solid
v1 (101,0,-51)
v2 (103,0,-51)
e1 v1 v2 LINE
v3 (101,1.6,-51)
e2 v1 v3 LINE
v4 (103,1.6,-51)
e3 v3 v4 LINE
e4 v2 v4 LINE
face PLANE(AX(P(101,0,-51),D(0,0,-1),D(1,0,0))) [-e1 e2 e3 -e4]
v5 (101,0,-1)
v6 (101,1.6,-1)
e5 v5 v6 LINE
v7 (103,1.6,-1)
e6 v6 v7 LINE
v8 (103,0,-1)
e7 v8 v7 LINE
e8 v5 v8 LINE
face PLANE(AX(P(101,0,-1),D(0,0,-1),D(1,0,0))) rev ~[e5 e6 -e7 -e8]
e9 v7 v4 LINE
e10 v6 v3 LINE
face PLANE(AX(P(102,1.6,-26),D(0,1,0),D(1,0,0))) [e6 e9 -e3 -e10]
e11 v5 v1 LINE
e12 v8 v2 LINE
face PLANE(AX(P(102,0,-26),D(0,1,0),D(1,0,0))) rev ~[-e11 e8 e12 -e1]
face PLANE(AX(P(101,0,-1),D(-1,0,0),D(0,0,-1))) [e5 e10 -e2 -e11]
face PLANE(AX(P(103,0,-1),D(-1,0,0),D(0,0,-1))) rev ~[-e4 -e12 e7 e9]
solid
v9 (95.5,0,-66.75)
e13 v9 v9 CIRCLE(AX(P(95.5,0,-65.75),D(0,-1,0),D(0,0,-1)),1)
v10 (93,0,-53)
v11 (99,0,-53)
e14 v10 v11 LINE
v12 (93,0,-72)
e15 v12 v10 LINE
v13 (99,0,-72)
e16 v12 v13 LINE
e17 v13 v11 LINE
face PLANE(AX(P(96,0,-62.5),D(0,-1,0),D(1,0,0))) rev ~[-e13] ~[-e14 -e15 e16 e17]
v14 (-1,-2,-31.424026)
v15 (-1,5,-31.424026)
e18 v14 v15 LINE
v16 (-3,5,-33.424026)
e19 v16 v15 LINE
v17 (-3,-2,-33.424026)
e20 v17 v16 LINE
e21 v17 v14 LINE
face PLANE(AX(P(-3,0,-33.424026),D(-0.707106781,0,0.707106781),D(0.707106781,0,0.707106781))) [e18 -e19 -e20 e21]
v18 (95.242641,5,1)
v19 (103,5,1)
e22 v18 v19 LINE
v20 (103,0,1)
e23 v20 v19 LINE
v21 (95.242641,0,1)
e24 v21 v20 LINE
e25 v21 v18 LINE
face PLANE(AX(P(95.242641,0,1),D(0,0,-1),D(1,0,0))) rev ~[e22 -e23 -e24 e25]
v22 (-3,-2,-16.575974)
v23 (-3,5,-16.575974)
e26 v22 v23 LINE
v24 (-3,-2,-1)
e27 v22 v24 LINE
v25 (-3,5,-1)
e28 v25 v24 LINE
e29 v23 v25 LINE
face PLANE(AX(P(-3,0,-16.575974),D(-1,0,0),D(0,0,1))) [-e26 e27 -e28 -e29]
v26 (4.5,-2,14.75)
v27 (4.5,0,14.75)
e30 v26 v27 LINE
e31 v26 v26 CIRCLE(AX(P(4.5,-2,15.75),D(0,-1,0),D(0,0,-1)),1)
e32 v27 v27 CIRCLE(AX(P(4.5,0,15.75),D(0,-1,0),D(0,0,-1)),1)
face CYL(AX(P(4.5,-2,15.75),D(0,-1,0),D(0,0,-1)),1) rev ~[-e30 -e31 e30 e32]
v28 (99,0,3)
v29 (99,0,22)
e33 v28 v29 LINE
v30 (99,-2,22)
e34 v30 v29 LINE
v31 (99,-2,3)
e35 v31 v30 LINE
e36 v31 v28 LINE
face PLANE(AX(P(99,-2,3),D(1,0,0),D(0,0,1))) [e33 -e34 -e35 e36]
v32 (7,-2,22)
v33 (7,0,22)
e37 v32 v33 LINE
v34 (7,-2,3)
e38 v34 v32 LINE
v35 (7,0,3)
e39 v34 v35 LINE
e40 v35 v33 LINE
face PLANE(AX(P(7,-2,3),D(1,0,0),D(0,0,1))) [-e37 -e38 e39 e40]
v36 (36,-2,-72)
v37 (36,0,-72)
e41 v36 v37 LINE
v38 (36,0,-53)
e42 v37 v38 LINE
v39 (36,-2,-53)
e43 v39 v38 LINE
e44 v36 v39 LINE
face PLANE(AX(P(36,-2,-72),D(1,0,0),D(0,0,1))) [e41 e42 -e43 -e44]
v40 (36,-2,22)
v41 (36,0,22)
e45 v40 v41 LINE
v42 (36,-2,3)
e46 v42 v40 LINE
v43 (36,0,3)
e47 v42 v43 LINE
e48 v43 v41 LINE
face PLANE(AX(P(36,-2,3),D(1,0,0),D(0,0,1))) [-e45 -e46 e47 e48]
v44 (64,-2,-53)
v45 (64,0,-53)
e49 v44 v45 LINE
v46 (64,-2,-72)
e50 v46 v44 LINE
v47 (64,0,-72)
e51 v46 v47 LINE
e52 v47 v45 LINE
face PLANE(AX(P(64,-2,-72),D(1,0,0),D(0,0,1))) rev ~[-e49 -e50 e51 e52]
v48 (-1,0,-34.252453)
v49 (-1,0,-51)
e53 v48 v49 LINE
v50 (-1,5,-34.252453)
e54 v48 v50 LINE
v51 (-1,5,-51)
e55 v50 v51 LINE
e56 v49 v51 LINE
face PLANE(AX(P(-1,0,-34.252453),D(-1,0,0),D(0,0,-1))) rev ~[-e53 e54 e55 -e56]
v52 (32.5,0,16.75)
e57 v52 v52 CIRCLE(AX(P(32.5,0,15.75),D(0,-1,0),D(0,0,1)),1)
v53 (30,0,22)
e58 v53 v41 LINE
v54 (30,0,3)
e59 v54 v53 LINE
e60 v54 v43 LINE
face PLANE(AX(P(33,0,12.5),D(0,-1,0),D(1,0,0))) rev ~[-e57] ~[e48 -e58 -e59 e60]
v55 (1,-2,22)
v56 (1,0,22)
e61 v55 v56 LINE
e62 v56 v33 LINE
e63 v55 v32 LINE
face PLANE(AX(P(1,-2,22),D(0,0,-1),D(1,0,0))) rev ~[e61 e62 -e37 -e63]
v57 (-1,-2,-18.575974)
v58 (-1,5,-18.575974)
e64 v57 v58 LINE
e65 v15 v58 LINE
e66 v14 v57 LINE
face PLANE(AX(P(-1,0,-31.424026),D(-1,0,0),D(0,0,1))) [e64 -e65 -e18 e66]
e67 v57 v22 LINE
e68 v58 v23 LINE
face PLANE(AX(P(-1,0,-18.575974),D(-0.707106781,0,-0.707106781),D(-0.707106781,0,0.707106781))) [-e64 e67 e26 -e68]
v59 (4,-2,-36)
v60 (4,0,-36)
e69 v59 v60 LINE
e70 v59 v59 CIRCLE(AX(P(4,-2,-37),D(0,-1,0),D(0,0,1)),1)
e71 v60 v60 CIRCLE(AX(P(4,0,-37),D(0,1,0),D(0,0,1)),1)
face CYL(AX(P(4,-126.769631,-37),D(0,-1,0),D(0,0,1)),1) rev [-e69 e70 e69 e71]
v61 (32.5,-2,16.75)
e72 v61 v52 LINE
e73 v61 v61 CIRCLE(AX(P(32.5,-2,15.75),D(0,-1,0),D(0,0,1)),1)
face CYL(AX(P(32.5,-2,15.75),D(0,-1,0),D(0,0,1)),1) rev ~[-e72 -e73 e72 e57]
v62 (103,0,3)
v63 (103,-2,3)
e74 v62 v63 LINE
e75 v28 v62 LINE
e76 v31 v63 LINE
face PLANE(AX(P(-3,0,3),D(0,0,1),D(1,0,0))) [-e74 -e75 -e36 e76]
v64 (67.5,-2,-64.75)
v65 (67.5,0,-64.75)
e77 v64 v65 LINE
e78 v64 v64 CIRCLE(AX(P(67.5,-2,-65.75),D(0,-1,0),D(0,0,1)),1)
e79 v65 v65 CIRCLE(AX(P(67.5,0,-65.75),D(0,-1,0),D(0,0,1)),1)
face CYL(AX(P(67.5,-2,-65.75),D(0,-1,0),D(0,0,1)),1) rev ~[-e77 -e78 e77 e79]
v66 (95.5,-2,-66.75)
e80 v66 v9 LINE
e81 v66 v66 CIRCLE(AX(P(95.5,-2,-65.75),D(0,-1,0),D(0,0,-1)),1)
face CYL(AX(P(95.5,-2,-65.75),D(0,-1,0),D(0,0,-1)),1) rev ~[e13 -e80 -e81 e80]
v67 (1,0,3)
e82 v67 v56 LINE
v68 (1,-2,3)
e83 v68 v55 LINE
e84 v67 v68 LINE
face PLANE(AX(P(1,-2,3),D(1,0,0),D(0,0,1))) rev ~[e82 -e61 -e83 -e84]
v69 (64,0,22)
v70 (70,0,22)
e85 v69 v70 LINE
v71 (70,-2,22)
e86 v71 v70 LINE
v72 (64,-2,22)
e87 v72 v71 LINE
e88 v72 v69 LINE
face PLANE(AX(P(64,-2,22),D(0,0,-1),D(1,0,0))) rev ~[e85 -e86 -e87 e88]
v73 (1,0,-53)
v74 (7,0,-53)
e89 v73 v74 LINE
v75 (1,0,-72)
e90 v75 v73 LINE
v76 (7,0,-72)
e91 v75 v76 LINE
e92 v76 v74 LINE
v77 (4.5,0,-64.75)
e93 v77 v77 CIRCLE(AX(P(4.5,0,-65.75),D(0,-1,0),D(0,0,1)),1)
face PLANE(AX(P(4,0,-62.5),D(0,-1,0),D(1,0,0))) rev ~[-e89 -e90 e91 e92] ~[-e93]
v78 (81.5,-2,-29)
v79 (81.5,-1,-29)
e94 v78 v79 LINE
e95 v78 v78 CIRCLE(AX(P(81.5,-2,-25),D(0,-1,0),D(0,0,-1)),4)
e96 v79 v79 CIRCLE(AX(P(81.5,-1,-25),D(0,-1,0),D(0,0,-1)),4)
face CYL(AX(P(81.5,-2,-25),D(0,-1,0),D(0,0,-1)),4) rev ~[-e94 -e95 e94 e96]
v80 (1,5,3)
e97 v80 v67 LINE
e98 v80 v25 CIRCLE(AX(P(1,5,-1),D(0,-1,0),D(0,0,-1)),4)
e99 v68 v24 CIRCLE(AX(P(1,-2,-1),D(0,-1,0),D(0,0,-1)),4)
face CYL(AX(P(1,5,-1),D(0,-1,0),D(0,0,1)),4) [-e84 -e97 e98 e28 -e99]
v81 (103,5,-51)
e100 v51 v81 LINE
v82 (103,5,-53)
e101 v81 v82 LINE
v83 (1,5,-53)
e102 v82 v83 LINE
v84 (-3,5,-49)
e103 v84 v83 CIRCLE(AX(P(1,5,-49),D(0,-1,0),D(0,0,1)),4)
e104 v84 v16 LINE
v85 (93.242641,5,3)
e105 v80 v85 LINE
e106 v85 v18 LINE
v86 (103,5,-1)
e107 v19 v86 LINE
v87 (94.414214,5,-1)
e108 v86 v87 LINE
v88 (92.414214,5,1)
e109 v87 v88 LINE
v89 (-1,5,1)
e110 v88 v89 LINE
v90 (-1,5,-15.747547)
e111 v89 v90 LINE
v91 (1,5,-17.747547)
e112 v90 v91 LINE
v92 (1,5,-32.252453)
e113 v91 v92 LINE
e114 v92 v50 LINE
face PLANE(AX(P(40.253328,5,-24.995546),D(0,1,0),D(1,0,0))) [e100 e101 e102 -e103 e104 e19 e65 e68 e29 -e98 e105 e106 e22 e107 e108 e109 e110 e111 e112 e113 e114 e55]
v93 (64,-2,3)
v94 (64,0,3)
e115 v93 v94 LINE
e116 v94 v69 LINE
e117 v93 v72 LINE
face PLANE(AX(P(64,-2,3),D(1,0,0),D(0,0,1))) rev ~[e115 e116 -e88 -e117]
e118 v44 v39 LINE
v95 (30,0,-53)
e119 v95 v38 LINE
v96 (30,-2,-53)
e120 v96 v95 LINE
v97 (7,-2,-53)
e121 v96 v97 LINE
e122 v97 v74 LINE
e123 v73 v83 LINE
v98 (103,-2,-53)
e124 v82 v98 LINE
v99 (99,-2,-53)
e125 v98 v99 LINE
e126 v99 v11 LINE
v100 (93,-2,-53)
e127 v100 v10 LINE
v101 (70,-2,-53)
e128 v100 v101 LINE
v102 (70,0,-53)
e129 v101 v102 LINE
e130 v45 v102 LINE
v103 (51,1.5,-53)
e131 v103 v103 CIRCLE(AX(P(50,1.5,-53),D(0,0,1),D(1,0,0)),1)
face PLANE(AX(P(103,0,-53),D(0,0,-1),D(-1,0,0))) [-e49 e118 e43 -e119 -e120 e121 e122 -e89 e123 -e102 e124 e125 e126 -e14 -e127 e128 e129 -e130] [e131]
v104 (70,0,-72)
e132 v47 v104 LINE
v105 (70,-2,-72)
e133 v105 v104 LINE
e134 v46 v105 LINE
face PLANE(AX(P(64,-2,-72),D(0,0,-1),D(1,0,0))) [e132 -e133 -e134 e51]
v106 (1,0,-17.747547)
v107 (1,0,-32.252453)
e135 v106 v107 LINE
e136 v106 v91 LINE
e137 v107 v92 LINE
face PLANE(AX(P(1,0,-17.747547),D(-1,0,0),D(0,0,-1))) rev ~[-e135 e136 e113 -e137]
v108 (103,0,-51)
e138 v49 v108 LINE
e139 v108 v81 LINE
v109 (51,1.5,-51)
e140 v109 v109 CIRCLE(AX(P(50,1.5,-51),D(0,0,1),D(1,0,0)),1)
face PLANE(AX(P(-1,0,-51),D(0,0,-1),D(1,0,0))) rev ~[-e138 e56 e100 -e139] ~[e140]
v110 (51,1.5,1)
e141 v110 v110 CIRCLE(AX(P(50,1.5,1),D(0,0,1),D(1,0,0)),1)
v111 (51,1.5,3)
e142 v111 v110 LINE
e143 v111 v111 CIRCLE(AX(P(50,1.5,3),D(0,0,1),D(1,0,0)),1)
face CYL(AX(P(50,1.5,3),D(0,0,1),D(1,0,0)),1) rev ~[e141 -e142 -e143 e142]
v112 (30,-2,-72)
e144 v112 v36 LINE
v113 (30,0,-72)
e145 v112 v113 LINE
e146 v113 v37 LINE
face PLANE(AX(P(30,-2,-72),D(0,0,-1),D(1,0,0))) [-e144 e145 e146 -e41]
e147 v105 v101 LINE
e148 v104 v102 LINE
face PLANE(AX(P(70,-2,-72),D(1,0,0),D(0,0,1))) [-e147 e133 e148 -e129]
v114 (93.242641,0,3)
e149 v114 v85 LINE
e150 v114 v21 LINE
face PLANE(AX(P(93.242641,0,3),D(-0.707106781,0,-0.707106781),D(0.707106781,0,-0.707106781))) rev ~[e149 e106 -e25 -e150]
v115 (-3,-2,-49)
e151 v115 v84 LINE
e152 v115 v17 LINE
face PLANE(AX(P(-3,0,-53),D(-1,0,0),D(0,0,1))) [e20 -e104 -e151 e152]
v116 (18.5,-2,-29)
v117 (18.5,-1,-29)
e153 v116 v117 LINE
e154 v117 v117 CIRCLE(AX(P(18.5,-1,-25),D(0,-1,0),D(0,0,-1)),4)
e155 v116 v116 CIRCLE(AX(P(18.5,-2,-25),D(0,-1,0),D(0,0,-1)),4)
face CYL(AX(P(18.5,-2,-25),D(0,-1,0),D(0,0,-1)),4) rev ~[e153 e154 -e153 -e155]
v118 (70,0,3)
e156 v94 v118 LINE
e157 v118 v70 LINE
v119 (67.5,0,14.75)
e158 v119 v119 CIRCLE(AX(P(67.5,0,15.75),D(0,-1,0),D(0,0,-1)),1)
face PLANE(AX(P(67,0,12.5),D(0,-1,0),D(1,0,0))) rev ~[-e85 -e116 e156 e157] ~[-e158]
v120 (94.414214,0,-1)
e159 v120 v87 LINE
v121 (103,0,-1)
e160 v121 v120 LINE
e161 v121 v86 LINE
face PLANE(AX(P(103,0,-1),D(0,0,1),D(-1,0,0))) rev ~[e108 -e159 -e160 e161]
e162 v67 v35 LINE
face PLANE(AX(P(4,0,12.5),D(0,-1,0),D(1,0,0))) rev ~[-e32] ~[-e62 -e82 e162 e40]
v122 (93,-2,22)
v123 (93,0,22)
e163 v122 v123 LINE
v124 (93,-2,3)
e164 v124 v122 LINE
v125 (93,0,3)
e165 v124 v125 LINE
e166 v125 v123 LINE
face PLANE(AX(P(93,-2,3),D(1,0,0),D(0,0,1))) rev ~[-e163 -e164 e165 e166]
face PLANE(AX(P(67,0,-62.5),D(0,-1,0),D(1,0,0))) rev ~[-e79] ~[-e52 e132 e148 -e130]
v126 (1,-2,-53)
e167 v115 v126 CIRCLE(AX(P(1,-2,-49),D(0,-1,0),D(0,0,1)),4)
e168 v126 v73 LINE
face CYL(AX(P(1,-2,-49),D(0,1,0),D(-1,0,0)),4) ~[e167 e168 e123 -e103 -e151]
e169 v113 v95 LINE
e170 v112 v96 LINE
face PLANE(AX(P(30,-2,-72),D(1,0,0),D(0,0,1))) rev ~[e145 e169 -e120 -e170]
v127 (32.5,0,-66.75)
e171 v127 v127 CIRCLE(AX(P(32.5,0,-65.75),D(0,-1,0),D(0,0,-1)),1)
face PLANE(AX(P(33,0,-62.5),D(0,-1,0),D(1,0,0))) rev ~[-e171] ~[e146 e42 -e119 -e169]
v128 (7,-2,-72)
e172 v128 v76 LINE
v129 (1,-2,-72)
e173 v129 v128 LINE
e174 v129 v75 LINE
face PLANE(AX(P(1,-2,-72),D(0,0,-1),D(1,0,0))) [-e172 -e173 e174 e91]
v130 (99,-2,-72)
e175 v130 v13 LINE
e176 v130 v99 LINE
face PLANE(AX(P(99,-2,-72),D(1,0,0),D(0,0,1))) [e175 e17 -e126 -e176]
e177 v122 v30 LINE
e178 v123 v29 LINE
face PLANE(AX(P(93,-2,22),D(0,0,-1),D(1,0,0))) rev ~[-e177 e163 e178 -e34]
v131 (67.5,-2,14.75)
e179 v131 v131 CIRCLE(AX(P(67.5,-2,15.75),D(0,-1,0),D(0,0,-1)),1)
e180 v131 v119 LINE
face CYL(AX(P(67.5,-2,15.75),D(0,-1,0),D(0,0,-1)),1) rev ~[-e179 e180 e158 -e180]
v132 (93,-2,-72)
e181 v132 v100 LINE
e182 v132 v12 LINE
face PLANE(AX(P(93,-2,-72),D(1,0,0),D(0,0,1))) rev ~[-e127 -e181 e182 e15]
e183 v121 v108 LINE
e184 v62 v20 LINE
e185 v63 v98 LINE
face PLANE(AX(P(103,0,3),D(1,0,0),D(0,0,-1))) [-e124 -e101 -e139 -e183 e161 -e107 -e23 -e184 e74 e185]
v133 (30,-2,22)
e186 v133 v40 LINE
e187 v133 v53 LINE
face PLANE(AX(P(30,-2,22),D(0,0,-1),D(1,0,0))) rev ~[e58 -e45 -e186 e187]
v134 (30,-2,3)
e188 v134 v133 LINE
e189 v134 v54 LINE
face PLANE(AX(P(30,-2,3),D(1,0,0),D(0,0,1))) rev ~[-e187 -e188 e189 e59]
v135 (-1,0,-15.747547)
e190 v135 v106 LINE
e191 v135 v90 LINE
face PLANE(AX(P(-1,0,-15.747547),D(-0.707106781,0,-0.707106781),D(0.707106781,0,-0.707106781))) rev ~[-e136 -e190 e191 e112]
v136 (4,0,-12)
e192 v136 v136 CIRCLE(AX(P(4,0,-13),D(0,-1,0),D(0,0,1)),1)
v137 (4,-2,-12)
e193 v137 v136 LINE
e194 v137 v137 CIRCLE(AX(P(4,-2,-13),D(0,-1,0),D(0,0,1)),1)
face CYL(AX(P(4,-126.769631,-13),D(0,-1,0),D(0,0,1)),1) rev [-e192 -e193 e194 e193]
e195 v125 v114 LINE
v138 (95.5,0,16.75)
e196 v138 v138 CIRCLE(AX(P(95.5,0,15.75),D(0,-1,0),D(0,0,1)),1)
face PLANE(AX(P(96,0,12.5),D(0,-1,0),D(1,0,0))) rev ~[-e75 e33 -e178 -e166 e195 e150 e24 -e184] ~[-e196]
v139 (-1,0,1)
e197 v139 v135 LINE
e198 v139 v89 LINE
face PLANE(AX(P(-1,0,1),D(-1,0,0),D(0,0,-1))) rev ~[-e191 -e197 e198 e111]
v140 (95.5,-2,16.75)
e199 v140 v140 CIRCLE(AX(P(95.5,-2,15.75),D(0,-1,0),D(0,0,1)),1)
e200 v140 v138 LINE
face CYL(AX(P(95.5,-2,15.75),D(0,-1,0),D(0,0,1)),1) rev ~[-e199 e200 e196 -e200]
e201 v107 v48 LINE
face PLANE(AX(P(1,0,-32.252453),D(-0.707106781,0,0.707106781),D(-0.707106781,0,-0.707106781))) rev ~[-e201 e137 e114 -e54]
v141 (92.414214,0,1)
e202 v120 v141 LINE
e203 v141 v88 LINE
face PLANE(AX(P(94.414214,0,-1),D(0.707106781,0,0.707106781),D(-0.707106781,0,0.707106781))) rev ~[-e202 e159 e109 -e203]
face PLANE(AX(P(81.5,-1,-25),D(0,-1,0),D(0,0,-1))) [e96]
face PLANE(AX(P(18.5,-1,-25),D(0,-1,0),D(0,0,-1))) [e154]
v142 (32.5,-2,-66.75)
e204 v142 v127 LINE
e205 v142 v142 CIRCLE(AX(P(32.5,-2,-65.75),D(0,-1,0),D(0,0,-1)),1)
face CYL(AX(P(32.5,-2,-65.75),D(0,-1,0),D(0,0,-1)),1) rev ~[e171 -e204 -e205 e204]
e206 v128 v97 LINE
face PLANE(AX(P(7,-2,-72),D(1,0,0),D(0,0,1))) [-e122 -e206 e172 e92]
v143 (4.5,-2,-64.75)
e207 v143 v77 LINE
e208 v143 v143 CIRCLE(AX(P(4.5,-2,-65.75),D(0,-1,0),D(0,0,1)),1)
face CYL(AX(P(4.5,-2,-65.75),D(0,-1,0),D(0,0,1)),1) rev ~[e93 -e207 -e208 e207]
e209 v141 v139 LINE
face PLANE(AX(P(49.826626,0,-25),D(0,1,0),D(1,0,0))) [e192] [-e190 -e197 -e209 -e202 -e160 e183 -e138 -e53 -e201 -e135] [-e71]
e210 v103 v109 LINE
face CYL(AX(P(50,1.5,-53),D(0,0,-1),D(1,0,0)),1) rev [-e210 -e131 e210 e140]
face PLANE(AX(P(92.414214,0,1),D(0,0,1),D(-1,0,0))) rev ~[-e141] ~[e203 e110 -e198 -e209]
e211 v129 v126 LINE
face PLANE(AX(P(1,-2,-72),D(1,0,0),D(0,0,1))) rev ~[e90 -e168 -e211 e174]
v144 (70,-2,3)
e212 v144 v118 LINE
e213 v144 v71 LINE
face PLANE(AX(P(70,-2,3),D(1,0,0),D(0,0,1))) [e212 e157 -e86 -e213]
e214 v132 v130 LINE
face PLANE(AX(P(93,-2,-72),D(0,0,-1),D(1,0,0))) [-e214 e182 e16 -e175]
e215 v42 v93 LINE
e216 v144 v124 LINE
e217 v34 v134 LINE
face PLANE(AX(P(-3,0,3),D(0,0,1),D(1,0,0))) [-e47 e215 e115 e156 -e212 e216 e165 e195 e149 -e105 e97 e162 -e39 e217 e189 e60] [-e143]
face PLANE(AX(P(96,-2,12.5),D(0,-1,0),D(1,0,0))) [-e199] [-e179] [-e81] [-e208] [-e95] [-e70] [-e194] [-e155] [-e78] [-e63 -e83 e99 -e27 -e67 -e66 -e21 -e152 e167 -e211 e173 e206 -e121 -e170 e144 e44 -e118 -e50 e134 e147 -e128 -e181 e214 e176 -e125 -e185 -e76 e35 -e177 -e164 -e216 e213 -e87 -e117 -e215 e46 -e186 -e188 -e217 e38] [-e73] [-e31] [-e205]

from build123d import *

# Parameters (mm, degrees)
SALIENTE_EXTRUIR1_DEPTH    = 5
CROQUIS1_3_W               = 2
CROQUIS1_3_H               = 50
SALIENTE_EXTRUIR2_DEPTH    = 1.6
CROQUIS1_4_R               = 1
SALIENTE_EXTRUIR3_DEPTH    = 3
SALIENTE_EXTRUIR3_2_DEPTH  = 3
SALIENTE_EXTRUIR5_DEPTH    = 2
CROQUIS2_W                 = 6
CROQUIS2_H                 = 19
CROQUIS2_R                 = 1
SALIENTE_EXTRUIR6_DEPTH    = 2
CROQUIS3_R                 = 1
CORTAR_EXTRUIR2_DEPTH      = 2
CORTAR_EXTRUIR3_START      = -56
CROQUIS3_2_R               = 1
CORTAR_EXTRUIR3_DEPTH      = 2
REDONDEO1_R                = 4
CROQUIS4_R                 = 4
CORTAR_EXTRUIR4_DEPTH      = 1
CORTAR_EXTRUIR5_DEPTH      = 126.769630674
CORTAR_EXTRUIR5_DEPTH_BACK = 126.769630674
CROQUIS1_7_R               = 1


with BuildPart() as part:
    # Croquis1 → Saliente-Extruir1 (new body)
    with BuildSketch(Plane(origin=(0, 0, 0), x_dir=(1, 0, 0), z_dir=(0, 1, 0))):
        Polygon((103, 51), (103, 53), (-3, 53), (-3, 33.42402598), (-1, 31.42402598), (-1, 18.57597402), (-3, 16.57597402), (-3, -3), (93.242640687, -3), (95.242640687, -1), (103, -1), (103, 1), (101, 1), (94.414213562, 1), (92.414213562, -1), (-1, -1), (-1, 15.747546896), (1, 17.747546896), (1, 32.252453104), (-1, 34.252453104), (-1, 51), (101, 51), align=None)
    extrude(amount=SALIENTE_EXTRUIR1_DEPTH)



with BuildPart() as body_2:
    # Croquis1<3> → Saliente-Extruir2 (new body)
    with BuildSketch(Plane(origin=(0, 0, 0), x_dir=(1, 0, 0), z_dir=(0, 1, 0))):
        with Locations((102, 26)):
            Rectangle(CROQUIS1_3_W, CROQUIS1_3_H)
    extrude(amount=SALIENTE_EXTRUIR2_DEPTH)


with BuildPart() as body_3:
    # Croquis1<4> → Saliente-Extruir3 (new body)
    with BuildSketch(Plane(origin=(0, 0, 0), x_dir=(1, 0, 0), z_dir=(0, 1, 0))):
        with Locations(Location((4, 13, 0), (0, 0, 270))):
            Circle(CROQUIS1_4_R)
    extrude(amount=SALIENTE_EXTRUIR3_DEPTH)


with BuildPart() as body_4:
    # Croquis1<4> → Saliente-Extruir3 2 (new body)
    with BuildSketch(Plane(origin=(0, 0, 0), x_dir=(1, 0, 0), z_dir=(0, 1, 0))):
        with Locations(Location((4, 37, 0), (0, 0, 270))):
            Circle(CROQUIS1_4_R)
    extrude(amount=SALIENTE_EXTRUIR3_2_DEPTH)


with BuildPart() as part_1:
    add(part.part)

    add(body_4.part)  # Saliente-Extruir5 merges body 4
    # Croquis1<6> → Saliente-Extruir5 (add)
    with BuildSketch(Plane(origin=(0, 0, 0), x_dir=(1, 0, 0), z_dir=(0, 1, 0))):
        Polygon((103, 53), (-3, 53), (-3, 33.42402598), (-1, 31.42402598), (-1, 18.57597402), (-3, 16.57597402), (-3, -3), (103, -3), align=None)
    extrude(amount=-SALIENTE_EXTRUIR5_DEPTH)

    # Croquis2 → Saliente-Extruir6 (add)
    # profile 1 of 8: a face of its own
    with BuildSketch(Plane.XZ.offset(2)):
        with Locations((96, -62.5)):
            Rectangle(CROQUIS2_W, CROQUIS2_H)
        with Locations(Location((95.5, -65.75, 0), (0, 0, 270))):
            Circle(CROQUIS2_R, mode=Mode.SUBTRACT)
    # profile 2 of 8: a face of its own
    with BuildSketch(Plane.XZ.offset(2)):
        with Locations((67, -62.5)):
            Rectangle(CROQUIS2_W, CROQUIS2_H)
        with Locations(Location((67.5, -65.75, 0), (0, 0, 90))):
            Circle(CROQUIS2_R, mode=Mode.SUBTRACT)
    # profile 3 of 8: a face of its own
    with BuildSketch(Plane.XZ.offset(2)):
        with Locations((33, -62.5)):
            Rectangle(CROQUIS2_W, CROQUIS2_H)
        with Locations(Location((32.5, -65.75, 0), (0, 0, 270))):
            Circle(CROQUIS2_R, mode=Mode.SUBTRACT)
    # profile 4 of 8: a face of its own
    with BuildSketch(Plane.XZ.offset(2)):
        with Locations((4, -62.5)):
            Rectangle(CROQUIS2_W, CROQUIS2_H)
        with Locations(Location((4.5, -65.75, 0), (0, 0, 90))):
            Circle(CROQUIS2_R, mode=Mode.SUBTRACT)
    # profile 5 of 8: a face of its own
    with BuildSketch(Plane.XZ.offset(2)):
        with Locations((4, 12.5)):
            Rectangle(CROQUIS2_W, CROQUIS2_H)
        with Locations(Location((4.5, 15.75, 0), (0, 0, 270))):
            Circle(CROQUIS2_R, mode=Mode.SUBTRACT)
    # profile 6 of 8: a face of its own
    with BuildSketch(Plane.XZ.offset(2)):
        with Locations((33, 12.5)):
            Rectangle(CROQUIS2_W, CROQUIS2_H)
        with Locations(Location((32.5, 15.75, 0), (0, 0, 90))):
            Circle(CROQUIS2_R, mode=Mode.SUBTRACT)
    # profile 7 of 8: a face of its own
    with BuildSketch(Plane.XZ.offset(2)):
        with Locations((67, 12.5)):
            Rectangle(CROQUIS2_W, CROQUIS2_H)
        with Locations(Location((67.5, 15.75, 0), (0, 0, 270))):
            Circle(CROQUIS2_R, mode=Mode.SUBTRACT)
    # profile 8 of 8: a face of its own
    with BuildSketch(Plane.XZ.offset(2)):
        with Locations((96, 12.5)):
            Rectangle(CROQUIS2_W, CROQUIS2_H)
        with Locations(Location((95.5, 15.75, 0), (0, 0, 90))):
            Circle(CROQUIS2_R, mode=Mode.SUBTRACT)
    extrude(amount=-SALIENTE_EXTRUIR6_DEPTH)

    # Croquis3 → Cortar-Extruir2 (cut)
    with BuildSketch(Plane.XY.offset(3)):
        with Locations((50, 1.5)):
            Circle(CROQUIS3_R)
    extrude(amount=-CORTAR_EXTRUIR2_DEPTH, mode=Mode.SUBTRACT)

    # Croquis3<2> → Cortar-Extruir3 (cut)
    with BuildSketch(Plane.XY.offset(3).offset(CORTAR_EXTRUIR3_START)):
        with Locations((50, 1.5)):
            Circle(CROQUIS3_2_R)
    extrude(amount=CORTAR_EXTRUIR3_DEPTH, mode=Mode.SUBTRACT)

    # Redondeo1
    redondeo1_edges = [part_1.edges().sort_by_distance(p)[0] for p in [
        (-3, 1.5, 3),
        (-3, 1.5, -53),
    ]]
    fillet(redondeo1_edges, radius=REDONDEO1_R)

    # Croquis4 → Cortar-Extruir4 (cut)
    with BuildSketch(Plane.XZ.offset(2)):
        with Locations(Location((18.5, -25, 0), (0, 0, 270))):
            Circle(CROQUIS4_R)
        with Locations(Location((81.5, -25, 0), (0, 0, 270))):
            Circle(CROQUIS4_R)
    extrude(amount=-CORTAR_EXTRUIR4_DEPTH, mode=Mode.SUBTRACT)


with BuildPart() as cortar_extruir5_tool:
    # Croquis1<7> → Cortar-Extruir5 (new, two sides: drawn at the far end of the back side and taken through both)
    with BuildSketch(Plane(origin=(0, 0, 0), x_dir=(1, 0, 0), z_dir=(0, 1, 0)).offset(-CORTAR_EXTRUIR5_DEPTH_BACK)):
        with Locations(Location((4, 13, 0), (0, 0, 270))):
            Circle(CROQUIS1_7_R)
        with Locations(Location((4, 37, 0), (0, 0, 270))):
            Circle(CROQUIS1_7_R)
    extrude(amount=CORTAR_EXTRUIR5_DEPTH + CORTAR_EXTRUIR5_DEPTH_BACK)


with BuildPart() as part_2:
    add(part_1.part)

    # Cortar-Extruir5: cut by cortar_extruir5_tool
    add(cortar_extruir5_tool.part, mode=Mode.SUBTRACT)


with BuildPart() as body_3_1:
    add(body_3.part)

    # Cortar-Extruir5: cut by cortar_extruir5_tool
    add(cortar_extruir5_tool.part, mode=Mode.SUBTRACT)


solid = Compound([body_2.part, part_2.part])
